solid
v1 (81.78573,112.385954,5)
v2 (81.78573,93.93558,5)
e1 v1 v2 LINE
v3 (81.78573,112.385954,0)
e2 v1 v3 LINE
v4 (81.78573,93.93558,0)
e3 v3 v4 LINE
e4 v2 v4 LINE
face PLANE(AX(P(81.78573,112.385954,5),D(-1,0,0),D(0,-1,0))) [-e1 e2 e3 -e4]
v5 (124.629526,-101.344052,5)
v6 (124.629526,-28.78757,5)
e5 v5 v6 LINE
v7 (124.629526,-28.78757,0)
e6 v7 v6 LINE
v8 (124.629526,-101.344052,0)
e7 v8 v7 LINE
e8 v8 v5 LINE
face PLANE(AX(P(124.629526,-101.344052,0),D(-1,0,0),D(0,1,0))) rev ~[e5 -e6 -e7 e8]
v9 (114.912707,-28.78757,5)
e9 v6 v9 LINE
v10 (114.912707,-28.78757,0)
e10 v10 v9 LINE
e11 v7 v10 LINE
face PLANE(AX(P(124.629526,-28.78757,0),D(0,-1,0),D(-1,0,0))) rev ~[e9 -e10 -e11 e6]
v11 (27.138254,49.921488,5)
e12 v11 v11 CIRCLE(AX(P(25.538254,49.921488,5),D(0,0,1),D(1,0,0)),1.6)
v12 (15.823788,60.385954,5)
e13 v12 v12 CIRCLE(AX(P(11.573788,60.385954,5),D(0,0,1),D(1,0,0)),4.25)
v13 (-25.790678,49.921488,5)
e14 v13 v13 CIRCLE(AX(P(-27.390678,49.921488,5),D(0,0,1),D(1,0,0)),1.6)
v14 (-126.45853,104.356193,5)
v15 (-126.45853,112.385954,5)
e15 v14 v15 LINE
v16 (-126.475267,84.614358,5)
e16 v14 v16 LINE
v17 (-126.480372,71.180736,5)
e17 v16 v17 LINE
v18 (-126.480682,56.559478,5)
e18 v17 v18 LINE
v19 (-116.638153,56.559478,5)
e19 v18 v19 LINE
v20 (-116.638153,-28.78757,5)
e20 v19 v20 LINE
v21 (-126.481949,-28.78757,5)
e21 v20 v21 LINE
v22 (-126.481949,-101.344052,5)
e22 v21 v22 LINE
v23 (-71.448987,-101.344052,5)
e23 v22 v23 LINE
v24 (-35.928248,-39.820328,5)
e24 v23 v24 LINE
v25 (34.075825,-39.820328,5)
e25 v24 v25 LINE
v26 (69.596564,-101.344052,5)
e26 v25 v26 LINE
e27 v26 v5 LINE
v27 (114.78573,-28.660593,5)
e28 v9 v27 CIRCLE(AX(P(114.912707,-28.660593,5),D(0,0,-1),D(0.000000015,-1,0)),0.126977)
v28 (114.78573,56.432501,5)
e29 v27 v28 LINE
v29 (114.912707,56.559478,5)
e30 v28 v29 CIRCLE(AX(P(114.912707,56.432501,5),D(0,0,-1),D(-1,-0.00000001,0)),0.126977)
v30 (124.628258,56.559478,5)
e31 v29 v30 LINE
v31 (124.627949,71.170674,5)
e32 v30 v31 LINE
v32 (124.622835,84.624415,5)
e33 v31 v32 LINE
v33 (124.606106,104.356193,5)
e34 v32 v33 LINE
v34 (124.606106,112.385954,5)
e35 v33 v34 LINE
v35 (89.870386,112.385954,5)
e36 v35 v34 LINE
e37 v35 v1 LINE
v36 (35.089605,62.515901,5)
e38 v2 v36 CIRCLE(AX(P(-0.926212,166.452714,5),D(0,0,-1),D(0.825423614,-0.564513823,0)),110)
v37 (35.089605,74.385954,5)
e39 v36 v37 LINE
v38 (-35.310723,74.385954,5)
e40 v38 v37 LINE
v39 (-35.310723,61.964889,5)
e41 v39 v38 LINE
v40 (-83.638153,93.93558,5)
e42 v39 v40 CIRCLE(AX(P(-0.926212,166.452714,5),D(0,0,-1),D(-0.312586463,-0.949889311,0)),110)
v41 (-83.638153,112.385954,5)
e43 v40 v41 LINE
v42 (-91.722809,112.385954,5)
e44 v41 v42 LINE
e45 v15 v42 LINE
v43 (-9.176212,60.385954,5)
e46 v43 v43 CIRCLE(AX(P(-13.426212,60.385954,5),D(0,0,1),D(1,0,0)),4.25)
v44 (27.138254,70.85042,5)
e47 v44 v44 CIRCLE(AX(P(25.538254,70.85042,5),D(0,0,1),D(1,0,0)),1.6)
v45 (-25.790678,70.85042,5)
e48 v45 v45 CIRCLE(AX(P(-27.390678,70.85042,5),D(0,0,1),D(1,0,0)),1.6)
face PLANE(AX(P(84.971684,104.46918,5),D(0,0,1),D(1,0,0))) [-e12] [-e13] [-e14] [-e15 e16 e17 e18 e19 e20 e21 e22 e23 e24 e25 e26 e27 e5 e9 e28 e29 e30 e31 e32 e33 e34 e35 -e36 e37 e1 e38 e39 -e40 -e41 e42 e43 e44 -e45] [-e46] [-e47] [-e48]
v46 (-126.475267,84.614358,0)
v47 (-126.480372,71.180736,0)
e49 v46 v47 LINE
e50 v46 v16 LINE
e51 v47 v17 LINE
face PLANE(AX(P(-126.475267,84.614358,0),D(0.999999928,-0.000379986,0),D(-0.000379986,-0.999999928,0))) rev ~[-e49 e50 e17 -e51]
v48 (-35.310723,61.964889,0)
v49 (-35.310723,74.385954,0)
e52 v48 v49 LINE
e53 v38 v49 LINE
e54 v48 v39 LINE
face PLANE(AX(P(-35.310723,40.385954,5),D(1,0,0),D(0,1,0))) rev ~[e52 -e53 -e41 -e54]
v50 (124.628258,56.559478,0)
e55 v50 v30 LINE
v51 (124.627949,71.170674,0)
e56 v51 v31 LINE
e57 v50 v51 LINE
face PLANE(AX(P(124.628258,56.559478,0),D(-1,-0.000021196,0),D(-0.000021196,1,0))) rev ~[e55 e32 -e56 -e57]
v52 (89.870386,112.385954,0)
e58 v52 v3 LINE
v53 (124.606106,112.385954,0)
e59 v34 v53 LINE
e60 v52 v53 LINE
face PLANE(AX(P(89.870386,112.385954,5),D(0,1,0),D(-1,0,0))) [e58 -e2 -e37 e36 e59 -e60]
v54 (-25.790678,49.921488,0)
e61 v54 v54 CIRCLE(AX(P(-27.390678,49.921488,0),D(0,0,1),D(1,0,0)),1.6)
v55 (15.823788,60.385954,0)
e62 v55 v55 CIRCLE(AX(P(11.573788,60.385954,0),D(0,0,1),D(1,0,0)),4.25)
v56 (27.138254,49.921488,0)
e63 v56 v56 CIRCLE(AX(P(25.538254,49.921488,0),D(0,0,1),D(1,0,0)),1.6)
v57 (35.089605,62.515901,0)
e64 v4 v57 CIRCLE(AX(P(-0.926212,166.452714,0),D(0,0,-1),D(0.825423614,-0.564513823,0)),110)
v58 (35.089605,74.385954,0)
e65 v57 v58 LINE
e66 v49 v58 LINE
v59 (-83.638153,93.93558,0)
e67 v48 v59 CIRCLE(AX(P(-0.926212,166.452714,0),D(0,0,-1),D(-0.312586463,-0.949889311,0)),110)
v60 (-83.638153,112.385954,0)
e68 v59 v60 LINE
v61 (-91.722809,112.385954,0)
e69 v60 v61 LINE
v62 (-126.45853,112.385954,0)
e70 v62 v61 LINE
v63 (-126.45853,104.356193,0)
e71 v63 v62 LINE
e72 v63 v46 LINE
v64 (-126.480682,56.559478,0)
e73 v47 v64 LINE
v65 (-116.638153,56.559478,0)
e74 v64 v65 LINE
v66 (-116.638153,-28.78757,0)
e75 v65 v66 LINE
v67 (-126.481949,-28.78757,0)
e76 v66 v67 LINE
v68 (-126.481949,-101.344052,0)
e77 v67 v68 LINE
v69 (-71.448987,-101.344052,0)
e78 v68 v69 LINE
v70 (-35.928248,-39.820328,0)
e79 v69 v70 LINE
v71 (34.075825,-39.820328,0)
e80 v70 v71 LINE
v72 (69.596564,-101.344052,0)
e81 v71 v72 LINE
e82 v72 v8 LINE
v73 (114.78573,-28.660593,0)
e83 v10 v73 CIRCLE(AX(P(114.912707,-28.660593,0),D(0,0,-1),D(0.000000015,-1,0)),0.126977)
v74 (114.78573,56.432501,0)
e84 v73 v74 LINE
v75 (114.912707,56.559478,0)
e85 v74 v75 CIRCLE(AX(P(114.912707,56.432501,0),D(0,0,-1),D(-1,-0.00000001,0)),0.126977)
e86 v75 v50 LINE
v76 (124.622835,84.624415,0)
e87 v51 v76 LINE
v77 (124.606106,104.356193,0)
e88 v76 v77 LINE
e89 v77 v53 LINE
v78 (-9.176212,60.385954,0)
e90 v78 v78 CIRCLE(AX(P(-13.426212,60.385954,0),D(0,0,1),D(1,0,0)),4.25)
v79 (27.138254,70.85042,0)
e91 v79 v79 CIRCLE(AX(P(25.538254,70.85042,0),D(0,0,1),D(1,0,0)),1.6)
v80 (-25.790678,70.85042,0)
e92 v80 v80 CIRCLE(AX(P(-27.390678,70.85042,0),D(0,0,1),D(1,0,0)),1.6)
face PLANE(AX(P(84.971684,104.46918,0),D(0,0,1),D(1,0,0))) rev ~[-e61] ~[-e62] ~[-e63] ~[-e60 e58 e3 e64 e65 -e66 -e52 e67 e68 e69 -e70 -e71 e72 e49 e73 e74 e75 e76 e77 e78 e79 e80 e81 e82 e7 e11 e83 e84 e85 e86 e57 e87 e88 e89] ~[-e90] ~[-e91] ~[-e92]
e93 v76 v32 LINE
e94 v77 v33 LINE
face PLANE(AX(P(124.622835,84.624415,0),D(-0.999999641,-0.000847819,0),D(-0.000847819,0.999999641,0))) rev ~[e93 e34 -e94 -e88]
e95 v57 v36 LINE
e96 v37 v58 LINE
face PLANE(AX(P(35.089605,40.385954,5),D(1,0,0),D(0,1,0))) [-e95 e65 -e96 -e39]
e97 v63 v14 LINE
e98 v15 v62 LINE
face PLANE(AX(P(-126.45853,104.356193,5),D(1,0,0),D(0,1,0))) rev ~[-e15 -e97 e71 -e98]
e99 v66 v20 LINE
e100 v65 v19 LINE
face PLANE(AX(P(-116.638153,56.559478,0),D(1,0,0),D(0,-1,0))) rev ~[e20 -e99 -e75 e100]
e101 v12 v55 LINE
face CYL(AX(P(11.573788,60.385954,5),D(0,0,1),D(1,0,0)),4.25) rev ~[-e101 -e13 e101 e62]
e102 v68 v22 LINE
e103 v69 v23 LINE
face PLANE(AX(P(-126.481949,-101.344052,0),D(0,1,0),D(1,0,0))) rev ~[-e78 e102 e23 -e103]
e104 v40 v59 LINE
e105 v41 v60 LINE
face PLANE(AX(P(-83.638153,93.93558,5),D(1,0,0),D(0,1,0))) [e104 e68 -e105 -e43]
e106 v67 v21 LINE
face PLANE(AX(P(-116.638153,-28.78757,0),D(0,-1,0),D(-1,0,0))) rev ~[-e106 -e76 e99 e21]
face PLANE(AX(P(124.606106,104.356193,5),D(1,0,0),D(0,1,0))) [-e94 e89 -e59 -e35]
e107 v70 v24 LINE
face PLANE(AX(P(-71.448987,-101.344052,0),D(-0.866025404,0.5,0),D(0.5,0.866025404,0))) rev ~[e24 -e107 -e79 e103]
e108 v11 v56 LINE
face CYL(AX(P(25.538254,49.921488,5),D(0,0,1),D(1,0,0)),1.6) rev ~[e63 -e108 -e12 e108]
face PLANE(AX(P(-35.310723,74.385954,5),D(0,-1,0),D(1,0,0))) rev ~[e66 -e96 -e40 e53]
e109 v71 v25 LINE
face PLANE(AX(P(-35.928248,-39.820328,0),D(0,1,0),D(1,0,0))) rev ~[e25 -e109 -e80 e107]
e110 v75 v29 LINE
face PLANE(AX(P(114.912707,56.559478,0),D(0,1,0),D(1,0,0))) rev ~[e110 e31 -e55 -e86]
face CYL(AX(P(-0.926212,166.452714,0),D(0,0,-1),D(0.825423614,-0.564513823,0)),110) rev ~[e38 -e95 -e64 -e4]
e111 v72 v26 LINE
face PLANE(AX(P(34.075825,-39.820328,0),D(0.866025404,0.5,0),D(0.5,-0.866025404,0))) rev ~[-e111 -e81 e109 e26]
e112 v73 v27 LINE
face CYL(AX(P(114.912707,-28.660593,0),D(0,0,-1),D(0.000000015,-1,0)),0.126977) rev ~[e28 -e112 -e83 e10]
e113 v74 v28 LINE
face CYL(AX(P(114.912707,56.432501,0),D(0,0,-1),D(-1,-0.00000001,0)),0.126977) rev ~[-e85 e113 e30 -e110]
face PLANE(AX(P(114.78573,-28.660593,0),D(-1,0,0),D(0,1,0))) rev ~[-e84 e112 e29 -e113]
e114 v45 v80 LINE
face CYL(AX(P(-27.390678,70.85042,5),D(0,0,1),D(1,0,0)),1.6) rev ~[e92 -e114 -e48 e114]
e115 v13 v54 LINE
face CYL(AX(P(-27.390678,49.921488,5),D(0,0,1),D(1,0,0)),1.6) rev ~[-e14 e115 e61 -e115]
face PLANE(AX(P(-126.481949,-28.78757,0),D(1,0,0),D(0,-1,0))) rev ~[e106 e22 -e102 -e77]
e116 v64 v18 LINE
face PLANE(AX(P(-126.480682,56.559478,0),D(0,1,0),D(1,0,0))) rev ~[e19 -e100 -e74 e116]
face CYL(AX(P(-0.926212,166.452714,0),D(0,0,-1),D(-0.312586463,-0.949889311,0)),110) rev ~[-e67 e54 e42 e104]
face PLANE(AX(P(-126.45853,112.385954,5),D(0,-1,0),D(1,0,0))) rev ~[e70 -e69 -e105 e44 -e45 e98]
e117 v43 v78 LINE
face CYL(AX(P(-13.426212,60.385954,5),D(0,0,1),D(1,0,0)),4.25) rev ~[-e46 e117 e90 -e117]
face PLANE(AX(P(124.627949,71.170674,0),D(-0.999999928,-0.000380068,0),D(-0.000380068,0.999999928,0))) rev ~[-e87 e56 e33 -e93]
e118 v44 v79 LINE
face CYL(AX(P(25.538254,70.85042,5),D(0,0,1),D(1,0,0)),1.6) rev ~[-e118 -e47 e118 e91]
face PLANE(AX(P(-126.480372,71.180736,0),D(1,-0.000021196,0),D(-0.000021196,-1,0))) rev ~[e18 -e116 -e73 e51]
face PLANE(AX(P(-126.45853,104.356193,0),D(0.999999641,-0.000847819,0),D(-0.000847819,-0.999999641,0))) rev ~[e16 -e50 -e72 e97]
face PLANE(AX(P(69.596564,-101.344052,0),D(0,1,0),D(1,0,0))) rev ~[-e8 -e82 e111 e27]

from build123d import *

# Parameters (mm, degrees)
BOSS_EXTRUDE1_DEPTH = 5
SKETCH2_W           = 70.400327135
SKETCH2_H           = 34
SKETCH2_R           = 1.6
SKETCH2_R_2         = 4.25
BOSS_EXTRUDE2_DEPTH = 5
SKETCH3_W           = 34.735720487
SKETCH3_H           = 8.029761027
BOSS_EXTRUDE3_DEPTH = 5
BOSS_EXTRUDE4_DEPTH = 5


with BuildPart() as part:
    # Sketch1 → Boss-Extrude1 (new body)
    with BuildSketch(Plane.XY):
        with BuildLine():
            Line((-91.722809189, 104.356193097), (-126.458529676, 104.356193097))
            Line((-126.458529676, 104.356193097), (-126.475267186, 84.614358359))
            Line((-126.475267186, 84.614358359), (-126.480371779, 71.180735955))
            Line((-126.480371779, 71.180735955), (-126.480681684, 56.559478315))
            Line((-126.480681684, 56.559478315), (-116.63815349, 56.559478315))
            Line((-116.63815349, 56.559478315), (-116.63815349, -28.787570067))
            Line((-116.63815349, -28.787570067), (-126.481949379, -28.787570067))
            Line((-126.481949379, -28.787570067), (-126.481949379, -101.34405192))
            Line((-126.481949379, -101.34405192), (-71.448987089, -101.34405192))
            Line((-71.448987089, -101.34405192), (-35.928248301, -39.820327617))
            Line((-35.928248301, -39.820327617), (34.075825089, -39.820327617))
            Line((34.075825089, -39.820327617), (69.596563877, -101.34405192))
            Line((69.596563877, -101.34405192), (124.629526167, -101.34405192))
            Line((124.629526167, -101.34405192), (124.629526167, -28.787570067))
            Line((124.629526167, -28.787570067), (114.912707304, -28.787570067))
            ThreePointArc((114.912707304, -28.787570067), (114.822920988, -28.750379358), (114.785730279, -28.660593042))
            Line((114.785730279, -28.660593042), (114.785730279, 56.432501289))
            ThreePointArc((114.785730279, 56.432501289), (114.822920988, 56.522287605), (114.912707304, 56.559478315))
            Line((114.912707304, 56.559478315), (124.628258473, 56.559478315))
            Line((124.628258473, 56.559478315), (124.627948781, 71.170673702))
            Line((124.627948781, 71.170673702), (124.622835448, 84.62441506))
            Line((124.622835448, 84.62441506), (124.606106464, 104.356193097))
            Line((124.606106464, 104.356193097), (89.870385977, 104.356193097))
            ThreePointArc((89.870385977, 104.356193097), (65.84204117, 79.034177757), (35.089604597, 62.515901216))
            Line((35.089604597, 62.515901216), (35.089604597, 40.385954124))
            Line((35.089604597, 40.385954124), (-35.310722538, 40.385954124))
            Line((-35.310722538, 40.385954124), (-35.310722538, 61.964889462))
            ThreePointArc((-35.310722538, 61.964889462), (-67.008229873, 78.514287134), (-91.722809189, 104.356193097))
        make_face()
    extrude(amount=BOSS_EXTRUDE1_DEPTH)

    # Sketch2 → Boss-Extrude2 (add)
    with BuildSketch(Plane.XY.offset(5)):
        with Locations((-0.11055897, 57.385954124)):
            Rectangle(SKETCH2_W, SKETCH2_H)
        with Locations((-27.3906777, 70.850420218)):
            Circle(SKETCH2_R, mode=Mode.SUBTRACT)
        with Locations((-27.3906777, 49.92148803)):
            Circle(SKETCH2_R, mode=Mode.SUBTRACT)
        with Locations((25.538254488, 49.92148803)):
            Circle(SKETCH2_R, mode=Mode.SUBTRACT)
        with Locations((25.538254488, 70.850420218)):
            Circle(SKETCH2_R, mode=Mode.SUBTRACT)
        with Locations((-13.426211606, 60.385954124)):
            Circle(SKETCH2_R_2, mode=Mode.SUBTRACT)
        with Locations((11.573788394, 60.385954124)):
            Circle(SKETCH2_R_2, mode=Mode.SUBTRACT)
    extrude(amount=-BOSS_EXTRUDE2_DEPTH)

    # Sketch3 → Boss-Extrude3 (add)
    with BuildSketch(Plane.XY.offset(5)):
        with Locations((-109.090669433, 108.371073611)):
            Rectangle(SKETCH3_W, SKETCH3_H)
        with Locations((107.238246221, 108.371073611)):
            Rectangle(SKETCH3_W, SKETCH3_H)
    extrude(amount=-BOSS_EXTRUDE3_DEPTH)

    # Sketch4 → Boss-Extrude4 (add)
    with BuildSketch(Plane.XY.offset(5)):
        with BuildLine():
            Line((89.870385977, 112.385954124), (81.785730279, 112.385954124))
            Line((81.785730279, 112.385954124), (81.785730279, 93.935580042))
            ThreePointArc((81.785730279, 93.935580042), (85.984378147, 99.024608337), (89.870385977, 104.356193097))
            Line((89.870385977, 104.356193097), (89.870385977, 112.385954124))
        make_face()
        with BuildLine():
            Line((-91.722809189, 112.385954124), (-91.722809189, 104.356193097))
            ThreePointArc((-91.722809189, 104.356193097), (-87.836801358, 99.024608337), (-83.63815349, 93.935580042))
            Line((-83.63815349, 93.935580042), (-83.63815349, 112.385954124))
            Line((-83.63815349, 112.385954124), (-91.722809189, 112.385954124))
        make_face()
    extrude(amount=-BOSS_EXTRUDE4_DEPTH)


solid = part.part
